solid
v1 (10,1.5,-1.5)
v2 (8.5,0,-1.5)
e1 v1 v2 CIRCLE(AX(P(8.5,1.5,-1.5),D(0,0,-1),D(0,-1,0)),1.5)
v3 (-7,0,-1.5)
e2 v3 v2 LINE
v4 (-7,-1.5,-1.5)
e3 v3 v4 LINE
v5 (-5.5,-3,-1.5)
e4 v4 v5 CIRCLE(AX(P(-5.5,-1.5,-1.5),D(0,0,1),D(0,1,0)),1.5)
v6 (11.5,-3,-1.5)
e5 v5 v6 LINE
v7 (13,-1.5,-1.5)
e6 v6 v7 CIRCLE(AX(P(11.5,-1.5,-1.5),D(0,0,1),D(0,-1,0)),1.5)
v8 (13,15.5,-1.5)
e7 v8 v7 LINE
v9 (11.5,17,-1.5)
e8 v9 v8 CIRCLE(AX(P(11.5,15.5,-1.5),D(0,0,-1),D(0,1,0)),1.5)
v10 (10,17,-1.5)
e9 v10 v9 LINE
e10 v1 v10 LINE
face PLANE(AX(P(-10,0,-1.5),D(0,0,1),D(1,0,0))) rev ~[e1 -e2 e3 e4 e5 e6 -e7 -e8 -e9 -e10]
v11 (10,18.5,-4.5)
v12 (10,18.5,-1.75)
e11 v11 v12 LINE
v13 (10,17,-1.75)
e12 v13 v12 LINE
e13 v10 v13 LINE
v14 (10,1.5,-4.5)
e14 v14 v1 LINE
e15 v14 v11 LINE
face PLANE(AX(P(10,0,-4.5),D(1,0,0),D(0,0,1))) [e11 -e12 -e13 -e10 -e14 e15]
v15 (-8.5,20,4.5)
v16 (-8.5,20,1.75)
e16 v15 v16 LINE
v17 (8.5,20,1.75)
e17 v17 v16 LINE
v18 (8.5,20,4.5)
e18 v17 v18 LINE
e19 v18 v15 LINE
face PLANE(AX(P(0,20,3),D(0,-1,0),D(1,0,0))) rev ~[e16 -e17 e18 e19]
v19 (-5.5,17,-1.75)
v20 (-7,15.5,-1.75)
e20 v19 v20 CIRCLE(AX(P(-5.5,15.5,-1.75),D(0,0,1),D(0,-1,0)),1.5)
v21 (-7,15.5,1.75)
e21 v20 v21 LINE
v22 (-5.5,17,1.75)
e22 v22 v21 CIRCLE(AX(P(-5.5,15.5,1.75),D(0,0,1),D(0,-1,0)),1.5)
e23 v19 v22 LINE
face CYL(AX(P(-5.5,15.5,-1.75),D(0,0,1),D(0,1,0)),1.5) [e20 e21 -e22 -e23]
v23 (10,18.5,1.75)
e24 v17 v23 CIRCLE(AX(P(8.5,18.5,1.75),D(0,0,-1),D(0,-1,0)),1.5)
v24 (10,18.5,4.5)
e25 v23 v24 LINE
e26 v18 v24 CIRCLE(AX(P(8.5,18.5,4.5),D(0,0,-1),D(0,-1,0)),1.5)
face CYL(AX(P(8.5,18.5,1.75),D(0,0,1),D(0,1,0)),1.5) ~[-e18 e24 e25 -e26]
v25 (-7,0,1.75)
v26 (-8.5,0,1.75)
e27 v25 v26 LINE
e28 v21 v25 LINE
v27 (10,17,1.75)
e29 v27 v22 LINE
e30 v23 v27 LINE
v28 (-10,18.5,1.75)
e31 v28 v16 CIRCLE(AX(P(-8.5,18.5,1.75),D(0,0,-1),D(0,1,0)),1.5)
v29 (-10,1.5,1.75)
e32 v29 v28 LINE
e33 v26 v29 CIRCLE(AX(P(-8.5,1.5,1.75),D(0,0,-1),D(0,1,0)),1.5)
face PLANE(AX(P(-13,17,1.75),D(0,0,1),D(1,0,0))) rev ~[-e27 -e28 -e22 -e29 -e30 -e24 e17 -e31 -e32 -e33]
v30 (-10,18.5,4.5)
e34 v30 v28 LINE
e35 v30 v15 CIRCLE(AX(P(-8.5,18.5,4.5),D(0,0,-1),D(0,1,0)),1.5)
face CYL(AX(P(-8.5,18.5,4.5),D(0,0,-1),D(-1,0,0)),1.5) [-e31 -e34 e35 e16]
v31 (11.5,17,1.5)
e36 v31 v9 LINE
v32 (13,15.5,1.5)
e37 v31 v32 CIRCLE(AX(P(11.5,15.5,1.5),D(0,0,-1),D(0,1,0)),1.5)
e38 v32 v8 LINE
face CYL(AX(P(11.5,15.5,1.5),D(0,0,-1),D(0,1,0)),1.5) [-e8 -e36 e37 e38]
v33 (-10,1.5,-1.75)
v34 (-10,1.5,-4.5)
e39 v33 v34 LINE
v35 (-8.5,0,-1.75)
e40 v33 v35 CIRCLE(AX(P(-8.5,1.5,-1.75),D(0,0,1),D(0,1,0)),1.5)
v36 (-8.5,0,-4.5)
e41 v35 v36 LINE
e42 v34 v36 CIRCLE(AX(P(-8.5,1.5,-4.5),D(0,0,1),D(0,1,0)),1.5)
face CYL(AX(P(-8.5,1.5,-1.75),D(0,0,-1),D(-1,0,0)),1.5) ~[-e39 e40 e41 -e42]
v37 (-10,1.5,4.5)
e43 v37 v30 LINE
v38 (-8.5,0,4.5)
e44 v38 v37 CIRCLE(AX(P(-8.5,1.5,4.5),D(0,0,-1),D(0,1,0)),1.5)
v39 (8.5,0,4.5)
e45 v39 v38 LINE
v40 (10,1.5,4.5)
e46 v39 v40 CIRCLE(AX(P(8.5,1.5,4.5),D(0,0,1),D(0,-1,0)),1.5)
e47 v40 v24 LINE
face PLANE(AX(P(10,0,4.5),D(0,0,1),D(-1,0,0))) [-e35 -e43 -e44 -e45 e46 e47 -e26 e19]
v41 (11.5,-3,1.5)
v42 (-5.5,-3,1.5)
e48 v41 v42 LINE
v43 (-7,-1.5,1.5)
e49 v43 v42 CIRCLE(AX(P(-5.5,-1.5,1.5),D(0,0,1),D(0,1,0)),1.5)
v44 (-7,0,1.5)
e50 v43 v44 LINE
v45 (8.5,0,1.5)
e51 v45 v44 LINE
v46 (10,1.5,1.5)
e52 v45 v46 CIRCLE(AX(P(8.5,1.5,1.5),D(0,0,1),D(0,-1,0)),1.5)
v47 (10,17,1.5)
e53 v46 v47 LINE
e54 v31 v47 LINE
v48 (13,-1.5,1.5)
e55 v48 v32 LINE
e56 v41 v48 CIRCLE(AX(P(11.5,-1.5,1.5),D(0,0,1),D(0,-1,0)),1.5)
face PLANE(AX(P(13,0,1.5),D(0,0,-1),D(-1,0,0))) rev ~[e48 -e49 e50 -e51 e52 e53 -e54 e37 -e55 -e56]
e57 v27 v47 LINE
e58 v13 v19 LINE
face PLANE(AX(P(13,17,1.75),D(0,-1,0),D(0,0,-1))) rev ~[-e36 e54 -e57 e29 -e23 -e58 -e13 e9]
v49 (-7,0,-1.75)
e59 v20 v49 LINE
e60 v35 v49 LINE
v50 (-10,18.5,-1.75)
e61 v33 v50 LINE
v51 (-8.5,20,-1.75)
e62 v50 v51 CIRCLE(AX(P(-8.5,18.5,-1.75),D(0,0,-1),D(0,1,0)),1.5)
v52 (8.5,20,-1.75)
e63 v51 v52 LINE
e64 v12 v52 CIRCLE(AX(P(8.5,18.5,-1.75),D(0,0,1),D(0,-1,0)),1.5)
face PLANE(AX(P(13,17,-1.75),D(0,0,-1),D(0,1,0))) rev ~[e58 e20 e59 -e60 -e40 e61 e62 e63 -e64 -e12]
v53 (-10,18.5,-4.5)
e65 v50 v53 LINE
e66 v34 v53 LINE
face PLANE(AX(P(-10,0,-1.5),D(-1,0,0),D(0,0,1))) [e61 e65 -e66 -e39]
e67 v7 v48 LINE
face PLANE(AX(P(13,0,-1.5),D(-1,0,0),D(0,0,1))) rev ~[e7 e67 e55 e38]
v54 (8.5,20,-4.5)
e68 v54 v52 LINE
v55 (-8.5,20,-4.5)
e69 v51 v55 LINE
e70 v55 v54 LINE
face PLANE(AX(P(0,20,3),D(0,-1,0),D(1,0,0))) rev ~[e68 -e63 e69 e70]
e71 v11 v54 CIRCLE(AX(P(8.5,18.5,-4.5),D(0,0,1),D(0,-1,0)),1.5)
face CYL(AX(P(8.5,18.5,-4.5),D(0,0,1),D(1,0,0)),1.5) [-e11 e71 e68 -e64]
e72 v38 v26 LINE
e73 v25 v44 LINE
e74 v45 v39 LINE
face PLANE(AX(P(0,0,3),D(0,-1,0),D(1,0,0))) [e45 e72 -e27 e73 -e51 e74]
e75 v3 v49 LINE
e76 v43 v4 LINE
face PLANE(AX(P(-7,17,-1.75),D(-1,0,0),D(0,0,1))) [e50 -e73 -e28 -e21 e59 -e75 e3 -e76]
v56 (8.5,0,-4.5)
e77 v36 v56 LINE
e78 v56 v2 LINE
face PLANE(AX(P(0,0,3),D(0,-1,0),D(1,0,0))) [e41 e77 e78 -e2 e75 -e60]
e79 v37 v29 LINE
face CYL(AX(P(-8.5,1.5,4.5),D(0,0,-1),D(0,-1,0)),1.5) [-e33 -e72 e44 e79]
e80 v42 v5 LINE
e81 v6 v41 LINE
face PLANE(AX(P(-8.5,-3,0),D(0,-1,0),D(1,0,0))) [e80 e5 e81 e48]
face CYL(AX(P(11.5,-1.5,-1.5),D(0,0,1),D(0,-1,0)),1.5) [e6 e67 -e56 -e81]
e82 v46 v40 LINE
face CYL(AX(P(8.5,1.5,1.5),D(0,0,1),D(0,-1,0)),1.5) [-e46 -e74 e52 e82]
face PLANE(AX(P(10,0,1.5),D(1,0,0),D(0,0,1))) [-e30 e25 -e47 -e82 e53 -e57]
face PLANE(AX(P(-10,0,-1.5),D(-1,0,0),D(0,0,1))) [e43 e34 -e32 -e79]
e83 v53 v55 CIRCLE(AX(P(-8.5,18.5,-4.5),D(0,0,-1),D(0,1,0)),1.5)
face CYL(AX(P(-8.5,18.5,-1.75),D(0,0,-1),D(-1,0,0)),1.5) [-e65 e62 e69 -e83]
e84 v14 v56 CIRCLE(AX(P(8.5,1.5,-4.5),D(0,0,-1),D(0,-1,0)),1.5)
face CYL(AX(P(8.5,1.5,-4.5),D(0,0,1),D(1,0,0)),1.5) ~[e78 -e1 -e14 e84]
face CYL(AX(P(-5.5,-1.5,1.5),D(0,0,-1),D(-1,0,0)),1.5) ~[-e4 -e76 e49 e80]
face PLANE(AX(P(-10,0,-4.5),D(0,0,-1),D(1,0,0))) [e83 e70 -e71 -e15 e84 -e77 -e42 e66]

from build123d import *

# Parameters (mm, degrees)
F0_W     = 14
F0_H     = 3
F0_W_2   = 3
F1_DEPTH = 20
F2_DEPTH = 3
F3_W     = 3
F3_H     = 3
F4_DEPTH = 100
F5_W     = 3
F5_H     = 3.5
F6_DEPTH = 100
F7_R     = 1.5


with BuildPart() as f1:
    # F0 (on Front) → F1 (new body)
    with BuildSketch(Plane.XZ):
        Polygon((10, 1.5), (10, 4.5), (-10, 4.5), (-10, 1.5), (-7, 1.5), (7, 1.5), align=None)
        Rectangle(F0_W, F0_H)
        with Locations((11.5, 0)):
            Rectangle(F0_W_2, F0_H)
        with Locations((8.5, 0)):
            Rectangle(F0_W_2, F0_H)
        with Locations((-8.5, 0)):
            Rectangle(F0_W_2, F0_H)
        Polygon((10, -4.5), (10, -1.5), (7, -1.5), (-7, -1.5), (-10, -1.5), (-10, -4.5), align=None)
    extrude(amount=-F1_DEPTH)

    # F0 (on Front) → F2 (join)
    with BuildSketch(Plane.XZ):
        with Locations((-8.5, 0)):
            Rectangle(F0_W_2, F0_H)
        Rectangle(F0_W, F0_H)
        with Locations((8.5, 0)):
            Rectangle(F0_W_2, F0_H)
        with Locations((11.5, 0)):
            Rectangle(F0_W_2, F0_H)
    extrude(amount=F2_DEPTH)

    # F3 (on face) → F4 (cut)
    with BuildSketch(Plane.YZ.offset(13)):
        Polygon((23, -1.75), (23, 1.75), (17, 1.75), (17, 1.5), (20, 1.5), (20, -1.5), (17, -1.5), (17, -1.75), align=None)
        with Locations((18.5, 0)):
            Rectangle(F3_W, F3_H)
    extrude(amount=-F4_DEPTH, mode=Mode.SUBTRACT)

    # F5 (on face) → F6 (cut)
    with BuildSketch(Plane(origin=(0, 17, 0), x_dir=(-1, 0, 0), z_dir=(0, 1, 0))):
        with Locations((11.5, 0)):
            Rectangle(F5_W, F5_H)
        with Locations((8.5, 0)):
            Rectangle(F5_W, F5_H)
    extrude(amount=-F6_DEPTH, mode=Mode.SUBTRACT)

    # F7
    f7_edges = [f1.edges().sort_by_distance(p)[0] for p in [
        (-7, -3, 0),
        (13, -3, 0),
        (10, 0, 3),
        (10, 0, -3),
        (-10, 0, -3.125),
        (-10, 0, 3.125),
        (-7, 17, 0),
        (-10, 20, 3.125),
        (-10, 20, -3.125),
        (13, 17, 0),
        (10, 20, 3.125),
        (10, 20, -3.125),
    ]]
    fillet(f7_edges, radius=F7_R)


solid = f1.part
